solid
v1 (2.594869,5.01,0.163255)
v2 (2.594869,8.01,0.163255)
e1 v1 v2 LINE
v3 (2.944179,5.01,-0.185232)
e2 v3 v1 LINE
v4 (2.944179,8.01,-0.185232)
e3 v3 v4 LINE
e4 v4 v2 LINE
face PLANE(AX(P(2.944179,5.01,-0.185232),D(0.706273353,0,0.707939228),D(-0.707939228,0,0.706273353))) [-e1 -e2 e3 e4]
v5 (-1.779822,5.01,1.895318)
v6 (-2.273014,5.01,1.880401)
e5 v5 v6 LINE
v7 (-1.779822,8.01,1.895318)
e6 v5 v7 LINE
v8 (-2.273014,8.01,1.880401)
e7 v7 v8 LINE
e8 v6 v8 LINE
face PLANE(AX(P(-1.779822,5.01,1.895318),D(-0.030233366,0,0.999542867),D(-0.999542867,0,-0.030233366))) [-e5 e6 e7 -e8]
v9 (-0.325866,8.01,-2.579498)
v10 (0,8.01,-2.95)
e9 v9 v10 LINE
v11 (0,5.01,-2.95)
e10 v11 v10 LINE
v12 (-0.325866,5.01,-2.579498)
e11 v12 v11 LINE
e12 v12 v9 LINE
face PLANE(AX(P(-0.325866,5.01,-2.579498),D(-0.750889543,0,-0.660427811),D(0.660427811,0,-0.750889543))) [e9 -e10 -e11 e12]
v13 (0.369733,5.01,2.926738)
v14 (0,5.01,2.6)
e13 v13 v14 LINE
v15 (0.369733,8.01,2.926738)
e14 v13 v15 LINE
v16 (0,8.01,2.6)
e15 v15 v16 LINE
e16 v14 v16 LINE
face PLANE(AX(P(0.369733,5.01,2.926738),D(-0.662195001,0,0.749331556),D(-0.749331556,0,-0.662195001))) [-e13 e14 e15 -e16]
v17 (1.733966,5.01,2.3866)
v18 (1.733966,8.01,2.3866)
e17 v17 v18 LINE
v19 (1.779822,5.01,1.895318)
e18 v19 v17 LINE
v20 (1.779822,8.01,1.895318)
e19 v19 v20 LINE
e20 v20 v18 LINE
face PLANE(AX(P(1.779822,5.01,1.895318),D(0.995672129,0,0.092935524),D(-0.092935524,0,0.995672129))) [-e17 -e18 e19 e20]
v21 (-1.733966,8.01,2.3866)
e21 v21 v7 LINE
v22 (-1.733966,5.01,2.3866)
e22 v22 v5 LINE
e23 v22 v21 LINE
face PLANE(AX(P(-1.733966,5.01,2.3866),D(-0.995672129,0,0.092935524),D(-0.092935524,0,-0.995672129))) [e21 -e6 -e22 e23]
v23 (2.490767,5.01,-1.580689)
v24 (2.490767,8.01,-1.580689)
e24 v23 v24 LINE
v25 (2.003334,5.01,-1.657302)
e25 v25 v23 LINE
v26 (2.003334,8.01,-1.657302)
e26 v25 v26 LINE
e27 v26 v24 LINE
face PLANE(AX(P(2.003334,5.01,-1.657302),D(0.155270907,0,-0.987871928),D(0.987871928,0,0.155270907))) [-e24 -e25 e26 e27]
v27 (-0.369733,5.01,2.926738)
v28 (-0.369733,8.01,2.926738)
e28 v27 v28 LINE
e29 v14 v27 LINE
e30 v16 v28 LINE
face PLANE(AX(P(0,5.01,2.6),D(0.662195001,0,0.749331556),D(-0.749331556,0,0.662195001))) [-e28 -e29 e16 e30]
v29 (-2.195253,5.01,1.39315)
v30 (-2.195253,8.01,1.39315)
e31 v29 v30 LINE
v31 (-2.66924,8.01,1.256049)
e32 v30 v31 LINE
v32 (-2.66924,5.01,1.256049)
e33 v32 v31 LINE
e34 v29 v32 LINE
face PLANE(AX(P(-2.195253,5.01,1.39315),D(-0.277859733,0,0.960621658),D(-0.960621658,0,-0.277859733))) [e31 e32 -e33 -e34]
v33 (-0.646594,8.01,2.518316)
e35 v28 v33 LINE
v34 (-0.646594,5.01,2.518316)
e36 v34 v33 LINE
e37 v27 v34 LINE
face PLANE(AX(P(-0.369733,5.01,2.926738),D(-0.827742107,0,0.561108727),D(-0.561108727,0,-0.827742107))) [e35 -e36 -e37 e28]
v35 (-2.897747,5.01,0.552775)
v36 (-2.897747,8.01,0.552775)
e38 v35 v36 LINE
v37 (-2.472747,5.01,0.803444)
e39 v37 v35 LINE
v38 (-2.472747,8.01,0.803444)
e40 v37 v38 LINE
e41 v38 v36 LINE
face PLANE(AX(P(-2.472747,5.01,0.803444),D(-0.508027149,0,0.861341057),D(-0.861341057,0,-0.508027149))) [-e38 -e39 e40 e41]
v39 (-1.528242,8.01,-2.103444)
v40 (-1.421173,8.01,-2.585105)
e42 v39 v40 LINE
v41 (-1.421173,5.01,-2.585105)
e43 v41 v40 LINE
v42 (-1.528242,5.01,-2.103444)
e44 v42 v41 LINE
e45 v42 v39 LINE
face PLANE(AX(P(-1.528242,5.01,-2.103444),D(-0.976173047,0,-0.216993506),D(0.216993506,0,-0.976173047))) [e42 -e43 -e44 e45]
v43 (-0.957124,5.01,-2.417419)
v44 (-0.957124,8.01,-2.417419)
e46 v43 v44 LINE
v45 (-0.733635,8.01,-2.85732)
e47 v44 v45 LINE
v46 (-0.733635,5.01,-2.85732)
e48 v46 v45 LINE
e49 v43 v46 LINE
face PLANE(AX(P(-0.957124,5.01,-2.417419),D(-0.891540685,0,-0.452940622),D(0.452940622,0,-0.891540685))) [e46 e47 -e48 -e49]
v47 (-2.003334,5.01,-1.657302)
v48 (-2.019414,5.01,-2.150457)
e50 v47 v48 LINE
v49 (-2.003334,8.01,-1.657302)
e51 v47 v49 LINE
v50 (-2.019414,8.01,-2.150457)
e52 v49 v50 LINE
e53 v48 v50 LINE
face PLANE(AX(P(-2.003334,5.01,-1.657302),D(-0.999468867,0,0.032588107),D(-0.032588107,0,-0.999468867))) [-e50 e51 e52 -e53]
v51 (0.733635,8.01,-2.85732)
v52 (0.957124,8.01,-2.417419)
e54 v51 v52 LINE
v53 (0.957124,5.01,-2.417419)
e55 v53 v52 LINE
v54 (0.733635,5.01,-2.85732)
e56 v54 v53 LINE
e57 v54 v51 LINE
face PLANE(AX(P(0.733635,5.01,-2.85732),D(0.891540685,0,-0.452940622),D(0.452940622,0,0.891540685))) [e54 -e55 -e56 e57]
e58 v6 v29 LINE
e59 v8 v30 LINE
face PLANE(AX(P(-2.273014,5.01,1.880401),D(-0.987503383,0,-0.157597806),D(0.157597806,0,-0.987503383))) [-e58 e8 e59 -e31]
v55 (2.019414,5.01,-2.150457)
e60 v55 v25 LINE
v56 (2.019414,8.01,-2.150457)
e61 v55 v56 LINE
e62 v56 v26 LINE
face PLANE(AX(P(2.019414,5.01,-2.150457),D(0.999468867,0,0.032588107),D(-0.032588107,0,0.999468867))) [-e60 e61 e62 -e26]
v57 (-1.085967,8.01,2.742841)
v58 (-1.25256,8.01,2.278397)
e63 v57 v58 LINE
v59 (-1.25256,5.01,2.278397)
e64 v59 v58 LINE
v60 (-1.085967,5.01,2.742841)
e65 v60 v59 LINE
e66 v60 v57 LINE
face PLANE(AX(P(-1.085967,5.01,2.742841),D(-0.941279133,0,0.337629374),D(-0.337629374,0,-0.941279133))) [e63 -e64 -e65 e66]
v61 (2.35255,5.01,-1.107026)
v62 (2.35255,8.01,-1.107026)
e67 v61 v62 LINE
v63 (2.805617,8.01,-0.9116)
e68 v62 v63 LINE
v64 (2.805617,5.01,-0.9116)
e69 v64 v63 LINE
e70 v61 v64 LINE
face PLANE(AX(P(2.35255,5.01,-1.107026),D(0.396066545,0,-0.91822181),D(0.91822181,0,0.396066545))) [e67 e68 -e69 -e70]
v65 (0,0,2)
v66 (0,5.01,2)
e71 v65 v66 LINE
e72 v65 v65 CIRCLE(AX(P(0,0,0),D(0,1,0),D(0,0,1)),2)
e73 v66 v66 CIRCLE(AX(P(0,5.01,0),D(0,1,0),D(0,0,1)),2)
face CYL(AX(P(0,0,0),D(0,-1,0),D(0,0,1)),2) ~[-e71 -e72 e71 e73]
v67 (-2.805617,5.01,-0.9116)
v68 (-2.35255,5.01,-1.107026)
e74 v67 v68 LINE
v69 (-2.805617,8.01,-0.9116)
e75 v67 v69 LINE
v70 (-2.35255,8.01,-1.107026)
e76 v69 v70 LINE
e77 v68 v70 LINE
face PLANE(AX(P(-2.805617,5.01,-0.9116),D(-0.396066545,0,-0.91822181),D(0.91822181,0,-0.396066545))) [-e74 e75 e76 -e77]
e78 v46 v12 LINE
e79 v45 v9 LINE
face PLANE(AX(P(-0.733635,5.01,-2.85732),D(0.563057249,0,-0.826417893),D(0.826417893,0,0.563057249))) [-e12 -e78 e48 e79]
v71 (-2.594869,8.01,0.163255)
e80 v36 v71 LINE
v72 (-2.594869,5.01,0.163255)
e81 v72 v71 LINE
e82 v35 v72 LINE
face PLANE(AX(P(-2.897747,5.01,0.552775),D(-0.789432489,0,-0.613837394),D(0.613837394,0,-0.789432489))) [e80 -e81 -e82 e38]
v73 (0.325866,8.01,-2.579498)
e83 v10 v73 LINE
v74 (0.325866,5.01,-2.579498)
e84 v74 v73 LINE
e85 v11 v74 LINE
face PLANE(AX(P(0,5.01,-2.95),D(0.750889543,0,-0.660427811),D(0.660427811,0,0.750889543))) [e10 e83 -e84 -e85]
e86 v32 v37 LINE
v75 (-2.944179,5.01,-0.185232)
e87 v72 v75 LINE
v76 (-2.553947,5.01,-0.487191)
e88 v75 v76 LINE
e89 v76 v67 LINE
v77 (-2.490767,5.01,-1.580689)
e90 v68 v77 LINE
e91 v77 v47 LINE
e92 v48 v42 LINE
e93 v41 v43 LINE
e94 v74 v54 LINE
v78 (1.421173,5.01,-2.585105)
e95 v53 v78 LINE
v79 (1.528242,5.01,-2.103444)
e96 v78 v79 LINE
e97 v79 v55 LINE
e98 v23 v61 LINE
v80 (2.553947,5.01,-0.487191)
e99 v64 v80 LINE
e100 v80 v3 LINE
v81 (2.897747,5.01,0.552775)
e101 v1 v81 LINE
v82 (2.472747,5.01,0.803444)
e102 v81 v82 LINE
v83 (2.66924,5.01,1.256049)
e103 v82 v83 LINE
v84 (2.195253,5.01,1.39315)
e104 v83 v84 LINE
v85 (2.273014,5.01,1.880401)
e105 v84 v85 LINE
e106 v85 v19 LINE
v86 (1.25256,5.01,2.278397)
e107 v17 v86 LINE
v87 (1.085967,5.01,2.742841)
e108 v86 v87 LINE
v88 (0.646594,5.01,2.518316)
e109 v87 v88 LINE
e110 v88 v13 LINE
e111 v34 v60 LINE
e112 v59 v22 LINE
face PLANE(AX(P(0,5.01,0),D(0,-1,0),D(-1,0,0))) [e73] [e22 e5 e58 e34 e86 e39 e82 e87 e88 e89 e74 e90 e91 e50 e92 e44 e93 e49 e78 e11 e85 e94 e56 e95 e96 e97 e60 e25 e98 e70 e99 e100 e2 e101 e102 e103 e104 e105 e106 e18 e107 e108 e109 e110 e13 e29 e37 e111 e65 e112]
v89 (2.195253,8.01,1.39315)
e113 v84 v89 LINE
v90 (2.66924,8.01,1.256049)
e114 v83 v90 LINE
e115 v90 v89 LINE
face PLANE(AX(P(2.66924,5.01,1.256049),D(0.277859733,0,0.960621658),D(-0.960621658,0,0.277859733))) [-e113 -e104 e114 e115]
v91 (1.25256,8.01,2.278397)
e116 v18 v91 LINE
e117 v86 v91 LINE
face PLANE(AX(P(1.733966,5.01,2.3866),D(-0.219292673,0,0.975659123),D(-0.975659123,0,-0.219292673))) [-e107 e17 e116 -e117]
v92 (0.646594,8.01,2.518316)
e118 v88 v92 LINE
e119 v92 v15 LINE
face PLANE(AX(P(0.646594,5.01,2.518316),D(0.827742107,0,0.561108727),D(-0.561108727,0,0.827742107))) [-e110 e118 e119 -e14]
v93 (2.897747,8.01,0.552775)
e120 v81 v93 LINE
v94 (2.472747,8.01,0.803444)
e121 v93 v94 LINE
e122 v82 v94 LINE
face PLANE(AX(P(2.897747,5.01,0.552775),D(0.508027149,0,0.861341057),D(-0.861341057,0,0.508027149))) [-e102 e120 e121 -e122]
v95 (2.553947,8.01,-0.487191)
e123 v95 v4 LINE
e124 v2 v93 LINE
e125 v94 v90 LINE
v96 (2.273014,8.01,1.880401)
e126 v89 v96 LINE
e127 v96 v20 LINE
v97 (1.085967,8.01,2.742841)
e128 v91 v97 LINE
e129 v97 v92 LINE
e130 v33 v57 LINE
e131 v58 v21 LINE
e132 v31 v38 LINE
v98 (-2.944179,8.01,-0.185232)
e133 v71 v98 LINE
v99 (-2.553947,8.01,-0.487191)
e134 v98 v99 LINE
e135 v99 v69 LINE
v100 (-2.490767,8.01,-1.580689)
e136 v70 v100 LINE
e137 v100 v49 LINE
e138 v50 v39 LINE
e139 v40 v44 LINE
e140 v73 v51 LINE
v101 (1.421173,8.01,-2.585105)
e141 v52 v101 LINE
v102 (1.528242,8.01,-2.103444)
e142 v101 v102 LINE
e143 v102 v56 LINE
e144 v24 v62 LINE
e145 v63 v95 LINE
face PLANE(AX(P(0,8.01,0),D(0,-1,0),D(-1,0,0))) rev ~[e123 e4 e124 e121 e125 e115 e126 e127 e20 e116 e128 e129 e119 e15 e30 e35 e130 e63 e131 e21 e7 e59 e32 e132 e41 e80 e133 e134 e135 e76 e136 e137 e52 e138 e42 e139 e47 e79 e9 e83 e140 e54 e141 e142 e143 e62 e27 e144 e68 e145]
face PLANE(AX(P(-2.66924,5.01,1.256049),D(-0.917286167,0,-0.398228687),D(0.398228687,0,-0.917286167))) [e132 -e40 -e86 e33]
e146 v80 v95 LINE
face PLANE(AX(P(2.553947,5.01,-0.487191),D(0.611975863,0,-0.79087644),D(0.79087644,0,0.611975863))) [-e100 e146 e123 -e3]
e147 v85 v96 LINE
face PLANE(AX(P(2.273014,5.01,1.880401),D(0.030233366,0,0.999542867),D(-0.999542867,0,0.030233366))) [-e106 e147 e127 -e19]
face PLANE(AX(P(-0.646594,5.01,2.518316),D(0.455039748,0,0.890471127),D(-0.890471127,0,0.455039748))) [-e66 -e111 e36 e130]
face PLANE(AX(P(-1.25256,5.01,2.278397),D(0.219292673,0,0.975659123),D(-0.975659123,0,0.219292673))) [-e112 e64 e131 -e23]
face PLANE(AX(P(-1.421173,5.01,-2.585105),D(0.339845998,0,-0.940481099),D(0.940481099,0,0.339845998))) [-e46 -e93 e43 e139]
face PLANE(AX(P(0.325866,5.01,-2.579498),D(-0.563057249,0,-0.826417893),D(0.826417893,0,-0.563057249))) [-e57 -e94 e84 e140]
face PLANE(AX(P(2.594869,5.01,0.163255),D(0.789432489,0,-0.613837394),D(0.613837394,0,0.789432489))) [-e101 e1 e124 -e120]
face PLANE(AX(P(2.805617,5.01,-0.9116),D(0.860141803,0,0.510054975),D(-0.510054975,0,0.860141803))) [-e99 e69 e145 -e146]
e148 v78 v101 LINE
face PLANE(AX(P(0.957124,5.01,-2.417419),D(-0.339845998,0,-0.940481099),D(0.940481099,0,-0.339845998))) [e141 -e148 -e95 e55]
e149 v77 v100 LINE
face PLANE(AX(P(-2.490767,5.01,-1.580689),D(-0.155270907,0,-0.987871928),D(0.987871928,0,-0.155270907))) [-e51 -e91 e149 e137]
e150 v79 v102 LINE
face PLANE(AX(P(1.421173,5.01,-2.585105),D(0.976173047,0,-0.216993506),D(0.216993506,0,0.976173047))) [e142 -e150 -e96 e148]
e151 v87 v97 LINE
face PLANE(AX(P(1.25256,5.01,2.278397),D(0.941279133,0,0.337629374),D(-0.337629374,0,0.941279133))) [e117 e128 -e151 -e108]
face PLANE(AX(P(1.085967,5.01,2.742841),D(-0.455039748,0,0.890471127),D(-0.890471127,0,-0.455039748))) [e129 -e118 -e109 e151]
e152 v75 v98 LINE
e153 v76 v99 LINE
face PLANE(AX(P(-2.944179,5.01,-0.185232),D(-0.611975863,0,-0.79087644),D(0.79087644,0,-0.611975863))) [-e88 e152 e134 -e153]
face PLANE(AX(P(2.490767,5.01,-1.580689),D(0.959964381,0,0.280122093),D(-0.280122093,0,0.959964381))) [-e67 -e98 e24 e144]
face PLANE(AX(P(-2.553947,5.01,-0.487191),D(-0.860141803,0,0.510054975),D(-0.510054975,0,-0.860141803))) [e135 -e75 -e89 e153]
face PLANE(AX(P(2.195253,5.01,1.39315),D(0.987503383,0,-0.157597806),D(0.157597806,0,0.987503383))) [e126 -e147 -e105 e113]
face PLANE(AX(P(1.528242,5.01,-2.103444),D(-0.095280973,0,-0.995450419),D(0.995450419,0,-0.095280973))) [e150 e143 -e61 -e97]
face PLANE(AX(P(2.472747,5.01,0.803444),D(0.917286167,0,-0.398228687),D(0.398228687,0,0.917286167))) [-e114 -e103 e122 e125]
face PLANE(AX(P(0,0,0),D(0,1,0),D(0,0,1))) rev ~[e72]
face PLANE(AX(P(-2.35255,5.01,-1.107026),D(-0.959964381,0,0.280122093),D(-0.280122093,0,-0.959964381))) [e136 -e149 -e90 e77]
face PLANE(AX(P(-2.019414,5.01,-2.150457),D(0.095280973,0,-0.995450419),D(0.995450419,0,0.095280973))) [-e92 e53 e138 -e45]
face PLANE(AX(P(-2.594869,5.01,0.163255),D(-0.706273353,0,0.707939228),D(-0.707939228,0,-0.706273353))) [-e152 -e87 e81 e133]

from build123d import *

# Parameters (mm, degrees)
SKETCH1_R           = 2
BOSS_EXTRUDE1_DEPTH = 5.01
BOSS_EXTRUDE2_DEPTH = 3


with BuildPart() as part:
    # Sketch1 → Boss-Extrude1 (new body)
    with BuildSketch(Plane(origin=(0, 0, 0), x_dir=(1, 0, 0), z_dir=(0, 1, 0))):
        with Locations(Location((0, 0, 0), (0, 0, 270))):
            Circle(SKETCH1_R)
    extrude(amount=BOSS_EXTRUDE1_DEPTH)

    # Sketch4 → Boss-Extrude2 (add)
    with BuildSketch(Plane(origin=(0, 5.01, 0), x_dir=(1, 0, 0), z_dir=(0, 1, 0))):
        Polygon((-0.325866407, 2.579498223), (0, 2.95), (0.325866407, 2.579498223), (0.733635167, 2.857320325), (0.957123837, 2.417418863), (1.421173339, 2.585104706), (1.528241656, 2.103444185), (2.019413962, 2.150457451), (2.003334431, 1.657302373), (2.49076738, 1.580689045), (2.352550336, 1.107026158), (2.805616723, 0.911600133), (2.553946852, 0.487191418), (2.944178849, 0.185232033), (2.594869494, -0.163255351), (2.89774739, -0.552774878), (2.472746942, -0.803444185), (2.669239805, -1.25604891), (2.195252606, -1.393149667), (2.273014066, -1.88040077), (1.779822475, -1.895318431), (1.733966494, -2.386600133), (1.252559553, -2.278397368), (1.08596743, -2.742840633), (0.646593707, -2.518316219), (0.369733039, -2.926738369), (0, -2.6), (-0.369733039, -2.926738369), (-0.646593707, -2.518316219), (-1.08596743, -2.742840633), (-1.252559553, -2.278397368), (-1.733966494, -2.386600133), (-1.779822475, -1.895318431), (-2.273014066, -1.88040077), (-2.195252606, -1.393149667), (-2.669239805, -1.25604891), (-2.472746942, -0.803444185), (-2.89774739, -0.552774878), (-2.594869494, -0.163255351), (-2.944178849, 0.185232033), (-2.553946852, 0.487191418), (-2.805616723, 0.911600133), (-2.352550336, 1.107026158), (-2.49076738, 1.580689045), (-2.003334431, 1.657302373), (-2.019413962, 2.150457451), (-1.528241656, 2.103444185), (-1.421173339, 2.585104706), (-0.957123837, 2.417418863), (-0.733635167, 2.857320325), align=None)
    extrude(amount=BOSS_EXTRUDE2_DEPTH)


solid = part.part
